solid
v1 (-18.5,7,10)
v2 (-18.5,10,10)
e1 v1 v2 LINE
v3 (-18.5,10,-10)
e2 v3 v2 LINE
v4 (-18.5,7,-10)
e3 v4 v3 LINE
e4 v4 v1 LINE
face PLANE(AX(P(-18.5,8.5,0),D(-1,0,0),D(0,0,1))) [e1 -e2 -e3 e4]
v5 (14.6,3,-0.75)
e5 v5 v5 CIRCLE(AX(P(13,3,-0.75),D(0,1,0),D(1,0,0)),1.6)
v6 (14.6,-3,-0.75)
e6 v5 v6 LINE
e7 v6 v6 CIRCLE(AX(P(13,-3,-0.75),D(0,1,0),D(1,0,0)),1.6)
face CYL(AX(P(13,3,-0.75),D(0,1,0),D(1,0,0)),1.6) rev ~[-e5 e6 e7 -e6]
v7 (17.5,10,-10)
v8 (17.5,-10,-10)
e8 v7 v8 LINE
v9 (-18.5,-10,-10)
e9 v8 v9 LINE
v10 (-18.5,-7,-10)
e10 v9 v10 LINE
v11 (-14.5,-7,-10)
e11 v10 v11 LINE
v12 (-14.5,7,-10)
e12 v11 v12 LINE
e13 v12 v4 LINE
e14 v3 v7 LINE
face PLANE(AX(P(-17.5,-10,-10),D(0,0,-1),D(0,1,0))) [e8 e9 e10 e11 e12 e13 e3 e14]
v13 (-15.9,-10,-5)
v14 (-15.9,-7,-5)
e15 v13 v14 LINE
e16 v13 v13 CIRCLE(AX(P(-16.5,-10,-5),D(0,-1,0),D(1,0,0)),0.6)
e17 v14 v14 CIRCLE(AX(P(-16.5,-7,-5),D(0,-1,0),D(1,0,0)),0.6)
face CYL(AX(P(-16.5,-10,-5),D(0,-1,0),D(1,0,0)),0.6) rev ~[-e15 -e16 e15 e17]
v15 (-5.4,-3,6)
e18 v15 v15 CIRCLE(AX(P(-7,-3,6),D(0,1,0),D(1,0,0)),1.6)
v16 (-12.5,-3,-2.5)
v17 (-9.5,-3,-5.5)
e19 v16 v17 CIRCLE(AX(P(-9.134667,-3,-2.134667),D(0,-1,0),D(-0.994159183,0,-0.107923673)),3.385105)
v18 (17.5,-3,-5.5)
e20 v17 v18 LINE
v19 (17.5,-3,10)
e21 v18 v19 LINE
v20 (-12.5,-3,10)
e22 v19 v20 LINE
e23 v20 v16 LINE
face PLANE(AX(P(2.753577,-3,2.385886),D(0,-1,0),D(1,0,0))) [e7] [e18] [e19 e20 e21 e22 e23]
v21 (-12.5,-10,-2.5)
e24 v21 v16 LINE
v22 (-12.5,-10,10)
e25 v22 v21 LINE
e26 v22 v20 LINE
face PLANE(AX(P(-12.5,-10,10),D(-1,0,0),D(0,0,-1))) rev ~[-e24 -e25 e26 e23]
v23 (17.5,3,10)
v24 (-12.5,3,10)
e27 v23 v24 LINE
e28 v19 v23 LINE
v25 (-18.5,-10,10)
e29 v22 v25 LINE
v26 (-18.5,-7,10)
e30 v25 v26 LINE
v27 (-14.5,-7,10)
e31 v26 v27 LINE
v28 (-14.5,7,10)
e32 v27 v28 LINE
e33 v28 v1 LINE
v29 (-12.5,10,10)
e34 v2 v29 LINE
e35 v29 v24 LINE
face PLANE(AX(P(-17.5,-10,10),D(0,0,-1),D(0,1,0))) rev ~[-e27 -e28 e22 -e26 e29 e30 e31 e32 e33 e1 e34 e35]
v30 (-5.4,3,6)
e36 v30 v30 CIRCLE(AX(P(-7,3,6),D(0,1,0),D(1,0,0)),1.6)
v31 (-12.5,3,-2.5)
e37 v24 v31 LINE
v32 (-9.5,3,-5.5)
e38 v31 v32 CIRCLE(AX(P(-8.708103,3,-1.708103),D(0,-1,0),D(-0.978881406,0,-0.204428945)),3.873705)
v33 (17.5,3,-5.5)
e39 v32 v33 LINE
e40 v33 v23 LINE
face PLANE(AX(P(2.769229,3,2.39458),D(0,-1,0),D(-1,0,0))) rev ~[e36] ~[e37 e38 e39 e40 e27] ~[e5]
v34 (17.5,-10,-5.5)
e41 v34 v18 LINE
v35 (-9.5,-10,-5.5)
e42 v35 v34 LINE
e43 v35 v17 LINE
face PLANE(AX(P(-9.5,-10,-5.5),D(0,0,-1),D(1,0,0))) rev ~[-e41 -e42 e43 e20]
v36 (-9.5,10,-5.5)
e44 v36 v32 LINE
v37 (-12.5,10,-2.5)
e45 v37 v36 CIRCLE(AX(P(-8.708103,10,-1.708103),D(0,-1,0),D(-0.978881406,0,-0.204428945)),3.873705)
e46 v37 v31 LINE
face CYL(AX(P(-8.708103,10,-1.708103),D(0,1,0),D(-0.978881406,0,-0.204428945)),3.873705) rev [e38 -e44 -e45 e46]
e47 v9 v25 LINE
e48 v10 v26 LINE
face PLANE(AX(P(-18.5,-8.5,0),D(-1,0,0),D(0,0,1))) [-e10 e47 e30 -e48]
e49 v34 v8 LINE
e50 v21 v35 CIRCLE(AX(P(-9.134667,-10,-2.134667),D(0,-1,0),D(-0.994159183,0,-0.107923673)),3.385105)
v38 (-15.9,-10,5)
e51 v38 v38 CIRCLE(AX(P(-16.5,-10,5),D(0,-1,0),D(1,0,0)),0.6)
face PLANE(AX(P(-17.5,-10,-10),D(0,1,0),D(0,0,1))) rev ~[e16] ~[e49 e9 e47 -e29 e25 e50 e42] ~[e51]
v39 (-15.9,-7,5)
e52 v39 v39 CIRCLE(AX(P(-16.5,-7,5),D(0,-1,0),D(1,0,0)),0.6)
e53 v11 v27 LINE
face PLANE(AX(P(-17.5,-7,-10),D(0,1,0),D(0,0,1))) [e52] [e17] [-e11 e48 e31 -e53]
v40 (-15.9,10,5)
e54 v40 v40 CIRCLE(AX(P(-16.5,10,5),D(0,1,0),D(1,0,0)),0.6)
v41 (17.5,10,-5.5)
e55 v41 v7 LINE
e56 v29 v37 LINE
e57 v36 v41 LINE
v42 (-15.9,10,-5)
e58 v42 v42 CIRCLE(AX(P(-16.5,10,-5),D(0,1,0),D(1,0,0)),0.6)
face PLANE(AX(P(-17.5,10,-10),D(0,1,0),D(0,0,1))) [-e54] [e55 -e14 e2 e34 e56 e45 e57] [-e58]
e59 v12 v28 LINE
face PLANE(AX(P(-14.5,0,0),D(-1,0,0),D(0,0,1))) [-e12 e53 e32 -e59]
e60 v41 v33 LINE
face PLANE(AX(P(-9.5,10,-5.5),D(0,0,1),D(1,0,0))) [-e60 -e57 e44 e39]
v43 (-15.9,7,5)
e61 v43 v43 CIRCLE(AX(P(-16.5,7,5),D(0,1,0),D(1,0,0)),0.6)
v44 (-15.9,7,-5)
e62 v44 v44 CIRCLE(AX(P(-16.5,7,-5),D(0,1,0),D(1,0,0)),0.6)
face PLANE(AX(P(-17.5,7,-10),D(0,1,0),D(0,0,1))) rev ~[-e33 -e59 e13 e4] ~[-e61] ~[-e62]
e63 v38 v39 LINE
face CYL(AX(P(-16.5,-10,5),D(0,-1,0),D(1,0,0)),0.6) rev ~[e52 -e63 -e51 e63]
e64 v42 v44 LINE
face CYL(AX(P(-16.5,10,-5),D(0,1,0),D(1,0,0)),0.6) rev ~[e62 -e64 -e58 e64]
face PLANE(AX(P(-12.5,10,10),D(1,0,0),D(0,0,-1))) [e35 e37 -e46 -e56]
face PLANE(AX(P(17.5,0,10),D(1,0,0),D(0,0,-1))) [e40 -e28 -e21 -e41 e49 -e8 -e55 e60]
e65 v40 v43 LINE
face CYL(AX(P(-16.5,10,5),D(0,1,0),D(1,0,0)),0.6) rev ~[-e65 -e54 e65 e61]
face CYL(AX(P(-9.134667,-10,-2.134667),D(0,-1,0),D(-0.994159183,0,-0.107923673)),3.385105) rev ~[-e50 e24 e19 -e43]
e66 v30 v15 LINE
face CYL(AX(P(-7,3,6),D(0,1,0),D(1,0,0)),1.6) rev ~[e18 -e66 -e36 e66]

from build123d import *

# Parameters (mm, degrees)
SKETCH1_W           = 35
SKETCH1_H           = 20
BOSS_EXTRUDE2_DEPTH = 10
CUT_EXTRUDE1_DEPTH  = 7
CUT_EXTRUDE2_DEPTH  = 7
SKETCH8_R           = 1.6
CUT_EXTRUDE3_DEPTH  = 7
SKETCH9_W           = 20
SKETCH9_H           = 14
CUT_EXTRUDE4_DEPTH  = 3
SKETCH10_R          = 0.6
CUT_EXTRUDE5_DEPTH  = 3
SKETCH11_R          = 0.6
CUT_EXTRUDE6_DEPTH  = 3
SKETCH12_W          = 20
SKETCH12_H          = 3
BOSS_EXTRUDE3_DEPTH = 1
SKETCH13_W          = 20
SKETCH13_H          = 3
BOSS_EXTRUDE4_DEPTH = 1


with BuildPart() as part:
    # Sketch1 → Boss-Extrude2 (new body, symmetric)
    with BuildSketch(Plane(origin=(0, 0, 0), x_dir=(1, 0, 0), z_dir=(0, 1, 0))):
        Rectangle(SKETCH1_W, SKETCH1_H)
    extrude(amount=BOSS_EXTRUDE2_DEPTH, both=True)

    # Sketch4 → Cut-Extrude1 (cut)
    with BuildSketch(Plane(origin=(0, 10, 0), x_dir=(1, 0, 0), z_dir=(0, 1, 0))):
        with BuildLine():
            Line((-12.5, -10), (-12.5, 2.5))
            ThreePointArc((-12.5, 2.5), (-11.447225408, 4.447225408), (-9.5, 5.5))
            Line((-9.5, 5.5), (17.5, 5.5))
            Line((17.5, 5.5), (17.5, -10))
            Line((17.5, -10), (-12.5, -10))
        make_face()
    extrude(amount=-CUT_EXTRUDE1_DEPTH, mode=Mode.SUBTRACT)

    # Sketch6 → Cut-Extrude2 (cut)
    with BuildSketch(Plane.XZ.offset(10)):
        with BuildLine():
            Line((-12.5, 10), (-12.5, -2.5))
            ThreePointArc((-12.5, -2.5), (-11.528297563, -4.528297563), (-9.5, -5.5))
            Line((-9.5, -5.5), (17.5, -5.5))
            Line((17.5, -5.5), (17.5, 10))
            Line((17.5, 10), (-12.5, 10))
        make_face()
    extrude(amount=-CUT_EXTRUDE2_DEPTH, mode=Mode.SUBTRACT)

    # Sketch8 → Cut-Extrude3 (cut)
    with BuildSketch(Plane(origin=(0, 3, 0), x_dir=(1, 0, 0), z_dir=(0, 1, 0))):
        with Locations((-7, -6)):
            Circle(SKETCH8_R)
        with Locations((13, 0.75)):
            Circle(SKETCH8_R)
    extrude(amount=-CUT_EXTRUDE3_DEPTH, mode=Mode.SUBTRACT)

    # Sketch9 → Cut-Extrude4 (cut)
    with BuildSketch(Plane.ZY.offset(17.5)):
        Rectangle(SKETCH9_W, SKETCH9_H)
    extrude(amount=-CUT_EXTRUDE4_DEPTH, mode=Mode.SUBTRACT)

    # Sketch10 → Cut-Extrude5 (cut)
    with BuildSketch(Plane(origin=(0, 10, 0), x_dir=(1, 0, 0), z_dir=(0, 1, 0))):
        with Locations((-16.5, 5)):
            Circle(SKETCH10_R)
        with Locations((-16.5, -5)):
            Circle(SKETCH10_R)
    extrude(amount=-CUT_EXTRUDE5_DEPTH, mode=Mode.SUBTRACT)

    # Sketch11 → Cut-Extrude6 (cut)
    with BuildSketch(Plane.XZ.offset(10)):
        with Locations((-16.5, 5)):
            Circle(SKETCH11_R)
        with Locations((-16.5, -5)):
            Circle(SKETCH11_R)
    extrude(amount=-CUT_EXTRUDE6_DEPTH, mode=Mode.SUBTRACT)

    # Sketch12 → Boss-Extrude3 (add)
    with BuildSketch(Plane.ZY.offset(17.5)):
        with Locations((0, 8.5)):
            Rectangle(SKETCH12_W, SKETCH12_H)
    extrude(amount=BOSS_EXTRUDE3_DEPTH)

    # Sketch13 → Boss-Extrude4 (add)
    with BuildSketch(Plane.ZY.offset(17.5)):
        with Locations((0, -8.5)):
            Rectangle(SKETCH13_W, SKETCH13_H)
    extrude(amount=BOSS_EXTRUDE4_DEPTH)


solid = part.part
